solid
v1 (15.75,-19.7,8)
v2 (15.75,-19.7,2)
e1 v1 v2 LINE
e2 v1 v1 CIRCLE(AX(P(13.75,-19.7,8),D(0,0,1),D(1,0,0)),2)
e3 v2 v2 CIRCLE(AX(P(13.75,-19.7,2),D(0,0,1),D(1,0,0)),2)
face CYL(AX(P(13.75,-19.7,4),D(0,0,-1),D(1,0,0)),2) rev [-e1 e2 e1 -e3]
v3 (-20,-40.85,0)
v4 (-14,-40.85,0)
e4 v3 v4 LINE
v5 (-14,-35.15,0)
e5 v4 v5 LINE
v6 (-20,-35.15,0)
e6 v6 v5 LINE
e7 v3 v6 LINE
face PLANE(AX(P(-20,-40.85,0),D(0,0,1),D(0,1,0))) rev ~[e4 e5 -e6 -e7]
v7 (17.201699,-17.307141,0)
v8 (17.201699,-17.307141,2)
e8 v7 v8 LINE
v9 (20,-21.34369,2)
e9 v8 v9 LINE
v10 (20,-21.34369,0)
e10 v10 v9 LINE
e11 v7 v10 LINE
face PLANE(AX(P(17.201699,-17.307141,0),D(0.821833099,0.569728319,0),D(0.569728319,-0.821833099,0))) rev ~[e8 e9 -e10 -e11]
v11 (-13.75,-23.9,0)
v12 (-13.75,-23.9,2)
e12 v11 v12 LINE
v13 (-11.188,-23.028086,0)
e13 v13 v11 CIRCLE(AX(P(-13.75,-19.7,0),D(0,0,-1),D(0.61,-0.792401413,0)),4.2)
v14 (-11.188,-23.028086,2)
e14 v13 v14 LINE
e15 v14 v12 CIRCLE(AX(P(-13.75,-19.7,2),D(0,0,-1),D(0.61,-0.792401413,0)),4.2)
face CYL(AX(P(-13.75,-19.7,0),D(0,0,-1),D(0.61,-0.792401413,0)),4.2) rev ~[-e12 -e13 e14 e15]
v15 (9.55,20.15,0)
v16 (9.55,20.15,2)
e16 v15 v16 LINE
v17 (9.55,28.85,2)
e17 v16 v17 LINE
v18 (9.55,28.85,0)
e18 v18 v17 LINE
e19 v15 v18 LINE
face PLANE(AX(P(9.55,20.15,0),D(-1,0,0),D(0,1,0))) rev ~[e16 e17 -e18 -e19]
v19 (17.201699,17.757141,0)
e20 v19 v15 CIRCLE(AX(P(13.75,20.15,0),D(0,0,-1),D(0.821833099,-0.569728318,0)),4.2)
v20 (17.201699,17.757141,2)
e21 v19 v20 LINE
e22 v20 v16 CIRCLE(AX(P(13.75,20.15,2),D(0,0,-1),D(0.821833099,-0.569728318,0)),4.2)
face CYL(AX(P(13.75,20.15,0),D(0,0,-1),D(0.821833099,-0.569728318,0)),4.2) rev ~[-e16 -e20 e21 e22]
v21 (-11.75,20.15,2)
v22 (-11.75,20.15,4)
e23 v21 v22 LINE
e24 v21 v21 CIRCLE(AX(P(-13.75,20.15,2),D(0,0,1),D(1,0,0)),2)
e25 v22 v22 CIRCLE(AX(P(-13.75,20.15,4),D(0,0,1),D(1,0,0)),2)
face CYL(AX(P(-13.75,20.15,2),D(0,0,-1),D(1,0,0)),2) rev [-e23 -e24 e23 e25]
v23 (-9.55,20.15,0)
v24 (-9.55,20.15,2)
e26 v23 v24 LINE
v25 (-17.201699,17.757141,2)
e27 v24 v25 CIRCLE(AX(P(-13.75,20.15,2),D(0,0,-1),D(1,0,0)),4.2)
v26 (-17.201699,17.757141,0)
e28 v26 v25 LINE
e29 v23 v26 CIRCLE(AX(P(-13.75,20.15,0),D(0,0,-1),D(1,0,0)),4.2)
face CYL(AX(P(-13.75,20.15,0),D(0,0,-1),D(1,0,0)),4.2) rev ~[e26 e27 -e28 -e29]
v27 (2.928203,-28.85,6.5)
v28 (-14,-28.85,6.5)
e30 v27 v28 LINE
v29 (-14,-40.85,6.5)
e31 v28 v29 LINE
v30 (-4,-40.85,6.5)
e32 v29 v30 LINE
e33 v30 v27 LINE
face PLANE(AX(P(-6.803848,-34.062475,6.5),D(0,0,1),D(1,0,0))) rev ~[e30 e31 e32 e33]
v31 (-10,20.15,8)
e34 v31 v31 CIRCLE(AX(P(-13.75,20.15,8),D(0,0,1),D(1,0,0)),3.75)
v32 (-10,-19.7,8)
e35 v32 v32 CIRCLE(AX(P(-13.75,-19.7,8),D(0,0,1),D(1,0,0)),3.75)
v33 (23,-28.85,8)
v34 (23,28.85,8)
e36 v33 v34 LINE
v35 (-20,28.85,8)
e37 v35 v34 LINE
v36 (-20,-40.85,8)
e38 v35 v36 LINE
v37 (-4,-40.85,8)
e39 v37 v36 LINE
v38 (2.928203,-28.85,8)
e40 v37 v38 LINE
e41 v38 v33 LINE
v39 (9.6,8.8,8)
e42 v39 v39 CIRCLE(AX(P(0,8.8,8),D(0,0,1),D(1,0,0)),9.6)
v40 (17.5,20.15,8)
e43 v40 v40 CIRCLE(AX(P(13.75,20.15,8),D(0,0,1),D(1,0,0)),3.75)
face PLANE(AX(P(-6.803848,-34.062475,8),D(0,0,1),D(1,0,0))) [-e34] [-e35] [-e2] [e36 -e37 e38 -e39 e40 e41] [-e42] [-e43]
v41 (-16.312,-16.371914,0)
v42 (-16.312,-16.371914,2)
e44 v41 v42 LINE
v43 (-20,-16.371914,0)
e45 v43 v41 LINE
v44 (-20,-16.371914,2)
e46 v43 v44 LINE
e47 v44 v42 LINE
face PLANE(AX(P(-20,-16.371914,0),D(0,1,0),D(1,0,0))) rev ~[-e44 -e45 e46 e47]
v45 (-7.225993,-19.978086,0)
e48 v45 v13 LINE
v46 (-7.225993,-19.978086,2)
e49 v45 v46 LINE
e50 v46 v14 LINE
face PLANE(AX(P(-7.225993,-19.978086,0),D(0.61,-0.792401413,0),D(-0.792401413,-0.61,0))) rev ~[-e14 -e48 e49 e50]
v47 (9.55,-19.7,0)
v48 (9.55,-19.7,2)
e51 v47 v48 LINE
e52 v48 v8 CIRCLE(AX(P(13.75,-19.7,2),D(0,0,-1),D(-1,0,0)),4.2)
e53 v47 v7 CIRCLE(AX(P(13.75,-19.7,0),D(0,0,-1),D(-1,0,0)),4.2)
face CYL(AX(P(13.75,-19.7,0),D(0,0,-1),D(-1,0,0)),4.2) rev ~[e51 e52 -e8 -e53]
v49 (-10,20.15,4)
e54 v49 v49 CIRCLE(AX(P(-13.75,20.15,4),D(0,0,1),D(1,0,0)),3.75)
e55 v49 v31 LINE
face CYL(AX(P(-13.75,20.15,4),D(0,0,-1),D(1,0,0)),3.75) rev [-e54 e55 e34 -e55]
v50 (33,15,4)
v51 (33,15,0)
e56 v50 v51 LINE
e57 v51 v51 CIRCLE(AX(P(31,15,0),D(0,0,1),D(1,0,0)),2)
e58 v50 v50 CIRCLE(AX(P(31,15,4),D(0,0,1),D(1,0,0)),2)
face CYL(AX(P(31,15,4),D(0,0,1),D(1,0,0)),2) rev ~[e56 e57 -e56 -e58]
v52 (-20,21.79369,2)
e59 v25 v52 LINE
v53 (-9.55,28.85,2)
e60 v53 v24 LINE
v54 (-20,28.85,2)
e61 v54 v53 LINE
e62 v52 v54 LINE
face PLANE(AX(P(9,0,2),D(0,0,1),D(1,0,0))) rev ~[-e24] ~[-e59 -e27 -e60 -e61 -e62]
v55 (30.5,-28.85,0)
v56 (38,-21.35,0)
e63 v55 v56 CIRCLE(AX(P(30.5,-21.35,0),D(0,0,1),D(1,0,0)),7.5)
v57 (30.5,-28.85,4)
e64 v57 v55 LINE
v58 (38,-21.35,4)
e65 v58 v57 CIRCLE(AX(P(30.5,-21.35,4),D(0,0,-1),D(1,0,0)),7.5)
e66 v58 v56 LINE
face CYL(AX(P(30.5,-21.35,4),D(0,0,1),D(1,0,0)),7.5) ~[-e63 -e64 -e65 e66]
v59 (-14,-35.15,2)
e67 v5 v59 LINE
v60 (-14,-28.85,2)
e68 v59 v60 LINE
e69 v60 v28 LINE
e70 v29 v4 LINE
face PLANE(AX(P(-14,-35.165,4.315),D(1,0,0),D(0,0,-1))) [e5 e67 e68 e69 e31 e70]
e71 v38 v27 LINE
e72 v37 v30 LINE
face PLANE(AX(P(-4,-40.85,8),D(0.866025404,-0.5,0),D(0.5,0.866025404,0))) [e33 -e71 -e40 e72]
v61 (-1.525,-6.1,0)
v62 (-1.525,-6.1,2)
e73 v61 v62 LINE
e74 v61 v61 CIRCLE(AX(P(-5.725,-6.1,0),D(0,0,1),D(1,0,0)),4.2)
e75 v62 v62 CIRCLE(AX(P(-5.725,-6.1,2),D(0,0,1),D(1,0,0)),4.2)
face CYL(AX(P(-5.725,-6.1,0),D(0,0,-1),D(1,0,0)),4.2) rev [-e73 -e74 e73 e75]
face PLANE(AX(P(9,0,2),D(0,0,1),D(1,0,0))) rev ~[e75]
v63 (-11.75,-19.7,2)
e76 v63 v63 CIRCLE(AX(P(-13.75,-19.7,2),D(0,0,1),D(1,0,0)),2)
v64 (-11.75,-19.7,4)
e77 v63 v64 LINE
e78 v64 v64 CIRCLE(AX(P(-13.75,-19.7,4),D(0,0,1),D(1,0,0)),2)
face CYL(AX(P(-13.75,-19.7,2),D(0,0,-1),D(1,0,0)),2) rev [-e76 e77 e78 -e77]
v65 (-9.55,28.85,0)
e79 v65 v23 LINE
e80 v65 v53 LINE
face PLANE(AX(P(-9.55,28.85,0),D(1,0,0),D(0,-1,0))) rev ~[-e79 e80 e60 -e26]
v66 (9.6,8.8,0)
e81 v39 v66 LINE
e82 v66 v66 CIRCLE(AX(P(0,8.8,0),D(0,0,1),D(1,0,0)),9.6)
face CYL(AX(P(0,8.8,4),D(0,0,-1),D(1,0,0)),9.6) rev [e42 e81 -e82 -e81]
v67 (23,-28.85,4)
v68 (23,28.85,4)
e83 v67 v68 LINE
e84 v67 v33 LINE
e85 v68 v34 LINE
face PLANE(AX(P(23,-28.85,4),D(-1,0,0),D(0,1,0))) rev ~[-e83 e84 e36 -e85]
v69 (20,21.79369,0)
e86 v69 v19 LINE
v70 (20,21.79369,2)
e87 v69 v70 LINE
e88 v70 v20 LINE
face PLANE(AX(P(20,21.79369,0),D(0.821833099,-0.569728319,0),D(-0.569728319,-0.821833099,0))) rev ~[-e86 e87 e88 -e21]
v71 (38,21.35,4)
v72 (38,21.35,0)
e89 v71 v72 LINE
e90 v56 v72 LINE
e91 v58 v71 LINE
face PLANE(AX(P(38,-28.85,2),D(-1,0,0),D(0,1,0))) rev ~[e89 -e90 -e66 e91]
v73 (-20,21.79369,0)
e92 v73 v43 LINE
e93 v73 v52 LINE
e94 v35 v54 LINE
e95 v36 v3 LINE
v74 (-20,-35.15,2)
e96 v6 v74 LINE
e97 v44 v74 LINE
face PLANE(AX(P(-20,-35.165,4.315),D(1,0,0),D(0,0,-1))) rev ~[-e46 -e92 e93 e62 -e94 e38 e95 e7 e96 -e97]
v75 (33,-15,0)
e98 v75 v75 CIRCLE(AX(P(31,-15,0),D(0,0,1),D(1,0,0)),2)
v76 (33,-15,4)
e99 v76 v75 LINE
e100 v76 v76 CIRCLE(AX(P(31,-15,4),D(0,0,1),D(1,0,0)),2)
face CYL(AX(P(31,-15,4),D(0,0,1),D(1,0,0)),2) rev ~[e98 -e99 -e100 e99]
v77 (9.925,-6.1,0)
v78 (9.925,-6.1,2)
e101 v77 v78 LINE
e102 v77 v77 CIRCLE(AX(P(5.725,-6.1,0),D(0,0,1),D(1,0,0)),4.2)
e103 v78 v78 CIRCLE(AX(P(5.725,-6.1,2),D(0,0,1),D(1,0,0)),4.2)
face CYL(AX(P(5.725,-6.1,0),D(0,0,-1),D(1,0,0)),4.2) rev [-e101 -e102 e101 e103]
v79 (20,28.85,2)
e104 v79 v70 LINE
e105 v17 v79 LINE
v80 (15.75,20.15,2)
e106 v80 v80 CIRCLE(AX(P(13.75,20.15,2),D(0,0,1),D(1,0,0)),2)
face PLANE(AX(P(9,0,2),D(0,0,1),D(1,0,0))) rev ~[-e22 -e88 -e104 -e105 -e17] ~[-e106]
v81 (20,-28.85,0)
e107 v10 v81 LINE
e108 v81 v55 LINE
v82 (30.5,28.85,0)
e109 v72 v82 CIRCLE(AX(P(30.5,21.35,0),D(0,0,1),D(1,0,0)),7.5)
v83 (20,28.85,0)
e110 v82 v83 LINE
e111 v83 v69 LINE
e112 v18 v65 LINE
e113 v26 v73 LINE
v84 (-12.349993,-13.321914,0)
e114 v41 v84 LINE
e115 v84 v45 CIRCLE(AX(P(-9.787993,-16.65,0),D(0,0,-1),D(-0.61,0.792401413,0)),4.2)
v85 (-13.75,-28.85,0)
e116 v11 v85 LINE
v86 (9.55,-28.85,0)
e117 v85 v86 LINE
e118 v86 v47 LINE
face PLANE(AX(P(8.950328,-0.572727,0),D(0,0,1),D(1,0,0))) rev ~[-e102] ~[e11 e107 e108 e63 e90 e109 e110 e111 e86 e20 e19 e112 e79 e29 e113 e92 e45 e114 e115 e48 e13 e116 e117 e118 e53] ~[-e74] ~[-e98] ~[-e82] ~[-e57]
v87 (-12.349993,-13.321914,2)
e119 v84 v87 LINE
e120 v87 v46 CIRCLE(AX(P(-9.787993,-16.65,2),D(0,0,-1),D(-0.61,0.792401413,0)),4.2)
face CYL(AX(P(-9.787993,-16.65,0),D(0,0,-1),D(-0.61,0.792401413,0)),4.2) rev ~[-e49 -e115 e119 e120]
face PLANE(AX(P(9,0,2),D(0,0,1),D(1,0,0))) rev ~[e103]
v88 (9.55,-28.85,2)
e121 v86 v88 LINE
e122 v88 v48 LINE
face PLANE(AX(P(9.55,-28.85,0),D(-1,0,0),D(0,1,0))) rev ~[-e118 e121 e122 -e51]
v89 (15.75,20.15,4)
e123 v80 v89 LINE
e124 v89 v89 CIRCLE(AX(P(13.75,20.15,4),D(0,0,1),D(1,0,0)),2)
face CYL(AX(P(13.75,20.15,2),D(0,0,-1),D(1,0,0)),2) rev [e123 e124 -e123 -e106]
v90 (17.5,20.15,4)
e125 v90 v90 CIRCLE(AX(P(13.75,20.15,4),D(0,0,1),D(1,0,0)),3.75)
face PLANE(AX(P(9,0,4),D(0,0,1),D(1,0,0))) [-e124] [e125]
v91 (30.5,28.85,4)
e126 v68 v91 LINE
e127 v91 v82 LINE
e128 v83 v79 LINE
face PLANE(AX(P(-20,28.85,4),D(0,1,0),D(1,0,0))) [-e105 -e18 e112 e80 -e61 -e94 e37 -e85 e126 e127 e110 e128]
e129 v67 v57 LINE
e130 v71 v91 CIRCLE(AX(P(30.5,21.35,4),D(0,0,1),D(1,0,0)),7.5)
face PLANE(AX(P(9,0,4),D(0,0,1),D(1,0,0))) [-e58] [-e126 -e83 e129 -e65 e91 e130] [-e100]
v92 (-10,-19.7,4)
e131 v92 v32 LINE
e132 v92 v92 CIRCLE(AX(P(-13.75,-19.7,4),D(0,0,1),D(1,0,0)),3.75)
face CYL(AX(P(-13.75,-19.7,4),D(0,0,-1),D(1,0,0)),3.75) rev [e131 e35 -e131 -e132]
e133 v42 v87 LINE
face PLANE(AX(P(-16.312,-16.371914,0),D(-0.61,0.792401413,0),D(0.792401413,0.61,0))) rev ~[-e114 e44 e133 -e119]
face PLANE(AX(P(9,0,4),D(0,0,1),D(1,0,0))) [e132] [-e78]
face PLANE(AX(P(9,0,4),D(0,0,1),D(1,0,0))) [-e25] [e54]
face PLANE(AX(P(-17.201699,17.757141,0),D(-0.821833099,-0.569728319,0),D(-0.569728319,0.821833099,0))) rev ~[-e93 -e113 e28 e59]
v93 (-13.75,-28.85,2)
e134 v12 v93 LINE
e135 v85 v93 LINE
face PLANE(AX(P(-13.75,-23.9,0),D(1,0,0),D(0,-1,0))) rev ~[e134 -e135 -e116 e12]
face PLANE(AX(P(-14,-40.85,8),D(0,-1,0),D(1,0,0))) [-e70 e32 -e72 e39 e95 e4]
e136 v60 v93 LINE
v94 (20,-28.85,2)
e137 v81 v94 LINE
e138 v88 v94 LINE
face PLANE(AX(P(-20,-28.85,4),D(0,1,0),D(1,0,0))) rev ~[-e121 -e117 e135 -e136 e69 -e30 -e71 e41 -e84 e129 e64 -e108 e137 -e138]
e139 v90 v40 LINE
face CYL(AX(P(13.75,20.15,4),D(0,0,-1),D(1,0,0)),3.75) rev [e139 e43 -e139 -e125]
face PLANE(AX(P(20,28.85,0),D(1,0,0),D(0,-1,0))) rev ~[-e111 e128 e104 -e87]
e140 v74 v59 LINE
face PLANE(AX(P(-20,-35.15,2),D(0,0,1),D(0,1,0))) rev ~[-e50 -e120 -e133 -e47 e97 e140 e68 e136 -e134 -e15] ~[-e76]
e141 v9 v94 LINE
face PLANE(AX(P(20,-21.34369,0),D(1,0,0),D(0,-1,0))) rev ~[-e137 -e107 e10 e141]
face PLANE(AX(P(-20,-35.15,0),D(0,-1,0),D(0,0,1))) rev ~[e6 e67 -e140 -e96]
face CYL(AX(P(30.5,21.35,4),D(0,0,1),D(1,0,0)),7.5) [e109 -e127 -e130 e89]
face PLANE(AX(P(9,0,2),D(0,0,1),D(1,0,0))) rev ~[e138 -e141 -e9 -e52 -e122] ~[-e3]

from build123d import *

# Parameters (mm, degrees)
SKETCH1_R           = 9.6
SKETCH1_R_2         = 4.2
BOSS_EXTRUDE1_DEPTH = 2
SKETCH4_W           = 58
SKETCH4_H           = 57.7
SKETCH4_R           = 2
SKETCH4_R_2         = 9.6
BOSS_EXTRUDE3_DEPTH = 2
SKETCH5_R           = 2
CUT_EXTRUDE1_DEPTH  = 4
SKETCH6_W           = 43
SKETCH6_H           = 57.7
SKETCH6_R           = 3.75
SKETCH6_R_2         = 9.6
SKETCH6_R_3         = 2
BOSS_EXTRUDE4_DEPTH = 4
CUT_EXTRUDE2_DEPTH  = 48.878204854
BOSS_EXTRUDE5_DEPTH = 6
BOSS_EXTRUDE6_DEPTH = 1.5


with BuildPart() as part:
    # Sketch1 → Boss-Extrude1 (new body)
    with BuildSketch(Plane.XY):
        with BuildLine():
            Line((38, 28.85), (20, 28.85))
            Line((20, 28.85), (20, 21.79369023))
            Line((20, 21.79369023), (17.201699017, 17.757141063))
            ThreePointArc((17.201699017, 17.757141063), (12.496432266, 16.141438171), (9.55, 20.15))
            Line((9.55, 20.15), (9.55, 28.85))
            Line((9.55, 28.85), (-9.55, 28.85))
            Line((-9.55, 28.85), (-9.55, 20.15))
            ThreePointArc((-9.55, 20.15), (-12.496432266, 16.141438171), (-17.201699017, 17.757141063))
            Line((-17.201699017, 17.757141063), (-20, 21.79369023))
            Line((-20, 21.79369023), (-20, -16.371914064))
            Line((-20, -16.371914064), (-16.312, -16.371914064))
            Line((-16.312, -16.371914064), (-12.349992933, -13.321914064))
            ThreePointArc((-12.349992933, -13.321914064), (-6.459906996, -14.088), (-7.225992933, -19.978085936))
            Line((-7.225992933, -19.978085936), (-11.188, -23.028085936))
            ThreePointArc((-11.188, -23.028085936), (-12.396848296, -23.676050863), (-13.75, -23.9))
            Line((-13.75, -23.9), (-13.75, -28.85))
            Line((-13.75, -28.85), (9.55, -28.85))
            Line((9.55, -28.85), (9.55, -19.7))
            ThreePointArc((9.55, -19.7), (12.496432266, -15.691438171), (17.201699017, -17.307141063))
            Line((17.201699017, -17.307141063), (20, -21.34369023))
            Line((20, -21.34369023), (20, -28.85))
            Line((20, -28.85), (38, -28.85))
            Line((38, -28.85), (38, 28.85))
        make_face()
        with Locations((0, 8.8)):
            Circle(SKETCH1_R, mode=Mode.SUBTRACT)
        with Locations((-5.725, -6.1)):
            Circle(SKETCH1_R_2, mode=Mode.SUBTRACT)
        with Locations((5.725, -6.1)):
            Circle(SKETCH1_R_2, mode=Mode.SUBTRACT)
    extrude(amount=BOSS_EXTRUDE1_DEPTH)

    # Sketch4 → Boss-Extrude3 (add)
    with BuildSketch(Plane.XY.offset(2)):
        with Locations((9, 0)):
            Rectangle(SKETCH4_W, SKETCH4_H)
        with Locations((13.75, -19.7)):
            Circle(SKETCH4_R, mode=Mode.SUBTRACT)
        with Locations((-13.75, 20.15)):
            Circle(SKETCH4_R, mode=Mode.SUBTRACT)
        with Locations((13.75, 20.15)):
            Circle(SKETCH4_R, mode=Mode.SUBTRACT)
        with Locations((-13.75, -19.7)):
            Circle(SKETCH4_R, mode=Mode.SUBTRACT)
        with Locations((0, 8.8)):
            Circle(SKETCH4_R_2, mode=Mode.SUBTRACT)
    extrude(amount=BOSS_EXTRUDE3_DEPTH)

    # Sketch5 → Cut-Extrude1 (cut)
    with BuildSketch(Plane.XY.offset(4)):
        with Locations((31, 15)):
            Circle(SKETCH5_R)
        with Locations((31, -15)):
            Circle(SKETCH5_R)
    extrude(amount=-CUT_EXTRUDE1_DEPTH, mode=Mode.SUBTRACT)

    # Sketch6 → Boss-Extrude4 (add)
    with BuildSketch(Plane.XY.offset(4)):
        with Locations((1.5, 0)):
            Rectangle(SKETCH6_W, SKETCH6_H)
        with Locations((-13.75, -19.7)):
            Circle(SKETCH6_R, mode=Mode.SUBTRACT)
        with Locations((0, 8.8)):
            Circle(SKETCH6_R_2, mode=Mode.SUBTRACT)
        with Locations((-13.75, 20.15)):
            Circle(SKETCH6_R, mode=Mode.SUBTRACT)
        with Locations((13.75, 20.15)):
            Circle(SKETCH6_R, mode=Mode.SUBTRACT)
        with Locations((13.75, -19.7)):
            Circle(SKETCH6_R_3, mode=Mode.SUBTRACT)
    extrude(amount=BOSS_EXTRUDE4_DEPTH)

    # Sketch7 → Cut-Extrude2 (cut, through all)
    with BuildSketch(Plane.XY.offset(4)):
        with BuildLine():
            Line((30.5, 28.85), (38, 28.85))
            Line((38, 28.85), (38, 21.35))
            ThreePointArc((38, 21.35), (35.803300859, 26.653300859), (30.5, 28.85))
        make_face()
        with BuildLine():
            Line((38, -28.85), (38, -21.35))
            ThreePointArc((38, -21.35), (35.803300859, -26.653300859), (30.5, -28.85))
            Line((30.5, -28.85), (38, -28.85))
        make_face()
    extrude(amount=-CUT_EXTRUDE2_DEPTH, mode=Mode.SUBTRACT)

    # Sketch9 → Boss-Extrude5 (add)
    with BuildSketch(Plane.ZY.offset(20)):
        Polygon((8, -28.85), (8, -40.85), (0, -40.85), (0, -35.15), (2, -35.15), (2, -28.85), align=None)
    extrude(amount=-BOSS_EXTRUDE5_DEPTH)

    # Sketch10 → Boss-Extrude6 (add)
    with BuildSketch(Plane.XY.offset(8)):
        Polygon((-14, -40.85), (-4, -40.85), (2.92820323, -28.85), (-14, -28.85), align=None)
    extrude(amount=-BOSS_EXTRUDE6_DEPTH)


solid = part.part
